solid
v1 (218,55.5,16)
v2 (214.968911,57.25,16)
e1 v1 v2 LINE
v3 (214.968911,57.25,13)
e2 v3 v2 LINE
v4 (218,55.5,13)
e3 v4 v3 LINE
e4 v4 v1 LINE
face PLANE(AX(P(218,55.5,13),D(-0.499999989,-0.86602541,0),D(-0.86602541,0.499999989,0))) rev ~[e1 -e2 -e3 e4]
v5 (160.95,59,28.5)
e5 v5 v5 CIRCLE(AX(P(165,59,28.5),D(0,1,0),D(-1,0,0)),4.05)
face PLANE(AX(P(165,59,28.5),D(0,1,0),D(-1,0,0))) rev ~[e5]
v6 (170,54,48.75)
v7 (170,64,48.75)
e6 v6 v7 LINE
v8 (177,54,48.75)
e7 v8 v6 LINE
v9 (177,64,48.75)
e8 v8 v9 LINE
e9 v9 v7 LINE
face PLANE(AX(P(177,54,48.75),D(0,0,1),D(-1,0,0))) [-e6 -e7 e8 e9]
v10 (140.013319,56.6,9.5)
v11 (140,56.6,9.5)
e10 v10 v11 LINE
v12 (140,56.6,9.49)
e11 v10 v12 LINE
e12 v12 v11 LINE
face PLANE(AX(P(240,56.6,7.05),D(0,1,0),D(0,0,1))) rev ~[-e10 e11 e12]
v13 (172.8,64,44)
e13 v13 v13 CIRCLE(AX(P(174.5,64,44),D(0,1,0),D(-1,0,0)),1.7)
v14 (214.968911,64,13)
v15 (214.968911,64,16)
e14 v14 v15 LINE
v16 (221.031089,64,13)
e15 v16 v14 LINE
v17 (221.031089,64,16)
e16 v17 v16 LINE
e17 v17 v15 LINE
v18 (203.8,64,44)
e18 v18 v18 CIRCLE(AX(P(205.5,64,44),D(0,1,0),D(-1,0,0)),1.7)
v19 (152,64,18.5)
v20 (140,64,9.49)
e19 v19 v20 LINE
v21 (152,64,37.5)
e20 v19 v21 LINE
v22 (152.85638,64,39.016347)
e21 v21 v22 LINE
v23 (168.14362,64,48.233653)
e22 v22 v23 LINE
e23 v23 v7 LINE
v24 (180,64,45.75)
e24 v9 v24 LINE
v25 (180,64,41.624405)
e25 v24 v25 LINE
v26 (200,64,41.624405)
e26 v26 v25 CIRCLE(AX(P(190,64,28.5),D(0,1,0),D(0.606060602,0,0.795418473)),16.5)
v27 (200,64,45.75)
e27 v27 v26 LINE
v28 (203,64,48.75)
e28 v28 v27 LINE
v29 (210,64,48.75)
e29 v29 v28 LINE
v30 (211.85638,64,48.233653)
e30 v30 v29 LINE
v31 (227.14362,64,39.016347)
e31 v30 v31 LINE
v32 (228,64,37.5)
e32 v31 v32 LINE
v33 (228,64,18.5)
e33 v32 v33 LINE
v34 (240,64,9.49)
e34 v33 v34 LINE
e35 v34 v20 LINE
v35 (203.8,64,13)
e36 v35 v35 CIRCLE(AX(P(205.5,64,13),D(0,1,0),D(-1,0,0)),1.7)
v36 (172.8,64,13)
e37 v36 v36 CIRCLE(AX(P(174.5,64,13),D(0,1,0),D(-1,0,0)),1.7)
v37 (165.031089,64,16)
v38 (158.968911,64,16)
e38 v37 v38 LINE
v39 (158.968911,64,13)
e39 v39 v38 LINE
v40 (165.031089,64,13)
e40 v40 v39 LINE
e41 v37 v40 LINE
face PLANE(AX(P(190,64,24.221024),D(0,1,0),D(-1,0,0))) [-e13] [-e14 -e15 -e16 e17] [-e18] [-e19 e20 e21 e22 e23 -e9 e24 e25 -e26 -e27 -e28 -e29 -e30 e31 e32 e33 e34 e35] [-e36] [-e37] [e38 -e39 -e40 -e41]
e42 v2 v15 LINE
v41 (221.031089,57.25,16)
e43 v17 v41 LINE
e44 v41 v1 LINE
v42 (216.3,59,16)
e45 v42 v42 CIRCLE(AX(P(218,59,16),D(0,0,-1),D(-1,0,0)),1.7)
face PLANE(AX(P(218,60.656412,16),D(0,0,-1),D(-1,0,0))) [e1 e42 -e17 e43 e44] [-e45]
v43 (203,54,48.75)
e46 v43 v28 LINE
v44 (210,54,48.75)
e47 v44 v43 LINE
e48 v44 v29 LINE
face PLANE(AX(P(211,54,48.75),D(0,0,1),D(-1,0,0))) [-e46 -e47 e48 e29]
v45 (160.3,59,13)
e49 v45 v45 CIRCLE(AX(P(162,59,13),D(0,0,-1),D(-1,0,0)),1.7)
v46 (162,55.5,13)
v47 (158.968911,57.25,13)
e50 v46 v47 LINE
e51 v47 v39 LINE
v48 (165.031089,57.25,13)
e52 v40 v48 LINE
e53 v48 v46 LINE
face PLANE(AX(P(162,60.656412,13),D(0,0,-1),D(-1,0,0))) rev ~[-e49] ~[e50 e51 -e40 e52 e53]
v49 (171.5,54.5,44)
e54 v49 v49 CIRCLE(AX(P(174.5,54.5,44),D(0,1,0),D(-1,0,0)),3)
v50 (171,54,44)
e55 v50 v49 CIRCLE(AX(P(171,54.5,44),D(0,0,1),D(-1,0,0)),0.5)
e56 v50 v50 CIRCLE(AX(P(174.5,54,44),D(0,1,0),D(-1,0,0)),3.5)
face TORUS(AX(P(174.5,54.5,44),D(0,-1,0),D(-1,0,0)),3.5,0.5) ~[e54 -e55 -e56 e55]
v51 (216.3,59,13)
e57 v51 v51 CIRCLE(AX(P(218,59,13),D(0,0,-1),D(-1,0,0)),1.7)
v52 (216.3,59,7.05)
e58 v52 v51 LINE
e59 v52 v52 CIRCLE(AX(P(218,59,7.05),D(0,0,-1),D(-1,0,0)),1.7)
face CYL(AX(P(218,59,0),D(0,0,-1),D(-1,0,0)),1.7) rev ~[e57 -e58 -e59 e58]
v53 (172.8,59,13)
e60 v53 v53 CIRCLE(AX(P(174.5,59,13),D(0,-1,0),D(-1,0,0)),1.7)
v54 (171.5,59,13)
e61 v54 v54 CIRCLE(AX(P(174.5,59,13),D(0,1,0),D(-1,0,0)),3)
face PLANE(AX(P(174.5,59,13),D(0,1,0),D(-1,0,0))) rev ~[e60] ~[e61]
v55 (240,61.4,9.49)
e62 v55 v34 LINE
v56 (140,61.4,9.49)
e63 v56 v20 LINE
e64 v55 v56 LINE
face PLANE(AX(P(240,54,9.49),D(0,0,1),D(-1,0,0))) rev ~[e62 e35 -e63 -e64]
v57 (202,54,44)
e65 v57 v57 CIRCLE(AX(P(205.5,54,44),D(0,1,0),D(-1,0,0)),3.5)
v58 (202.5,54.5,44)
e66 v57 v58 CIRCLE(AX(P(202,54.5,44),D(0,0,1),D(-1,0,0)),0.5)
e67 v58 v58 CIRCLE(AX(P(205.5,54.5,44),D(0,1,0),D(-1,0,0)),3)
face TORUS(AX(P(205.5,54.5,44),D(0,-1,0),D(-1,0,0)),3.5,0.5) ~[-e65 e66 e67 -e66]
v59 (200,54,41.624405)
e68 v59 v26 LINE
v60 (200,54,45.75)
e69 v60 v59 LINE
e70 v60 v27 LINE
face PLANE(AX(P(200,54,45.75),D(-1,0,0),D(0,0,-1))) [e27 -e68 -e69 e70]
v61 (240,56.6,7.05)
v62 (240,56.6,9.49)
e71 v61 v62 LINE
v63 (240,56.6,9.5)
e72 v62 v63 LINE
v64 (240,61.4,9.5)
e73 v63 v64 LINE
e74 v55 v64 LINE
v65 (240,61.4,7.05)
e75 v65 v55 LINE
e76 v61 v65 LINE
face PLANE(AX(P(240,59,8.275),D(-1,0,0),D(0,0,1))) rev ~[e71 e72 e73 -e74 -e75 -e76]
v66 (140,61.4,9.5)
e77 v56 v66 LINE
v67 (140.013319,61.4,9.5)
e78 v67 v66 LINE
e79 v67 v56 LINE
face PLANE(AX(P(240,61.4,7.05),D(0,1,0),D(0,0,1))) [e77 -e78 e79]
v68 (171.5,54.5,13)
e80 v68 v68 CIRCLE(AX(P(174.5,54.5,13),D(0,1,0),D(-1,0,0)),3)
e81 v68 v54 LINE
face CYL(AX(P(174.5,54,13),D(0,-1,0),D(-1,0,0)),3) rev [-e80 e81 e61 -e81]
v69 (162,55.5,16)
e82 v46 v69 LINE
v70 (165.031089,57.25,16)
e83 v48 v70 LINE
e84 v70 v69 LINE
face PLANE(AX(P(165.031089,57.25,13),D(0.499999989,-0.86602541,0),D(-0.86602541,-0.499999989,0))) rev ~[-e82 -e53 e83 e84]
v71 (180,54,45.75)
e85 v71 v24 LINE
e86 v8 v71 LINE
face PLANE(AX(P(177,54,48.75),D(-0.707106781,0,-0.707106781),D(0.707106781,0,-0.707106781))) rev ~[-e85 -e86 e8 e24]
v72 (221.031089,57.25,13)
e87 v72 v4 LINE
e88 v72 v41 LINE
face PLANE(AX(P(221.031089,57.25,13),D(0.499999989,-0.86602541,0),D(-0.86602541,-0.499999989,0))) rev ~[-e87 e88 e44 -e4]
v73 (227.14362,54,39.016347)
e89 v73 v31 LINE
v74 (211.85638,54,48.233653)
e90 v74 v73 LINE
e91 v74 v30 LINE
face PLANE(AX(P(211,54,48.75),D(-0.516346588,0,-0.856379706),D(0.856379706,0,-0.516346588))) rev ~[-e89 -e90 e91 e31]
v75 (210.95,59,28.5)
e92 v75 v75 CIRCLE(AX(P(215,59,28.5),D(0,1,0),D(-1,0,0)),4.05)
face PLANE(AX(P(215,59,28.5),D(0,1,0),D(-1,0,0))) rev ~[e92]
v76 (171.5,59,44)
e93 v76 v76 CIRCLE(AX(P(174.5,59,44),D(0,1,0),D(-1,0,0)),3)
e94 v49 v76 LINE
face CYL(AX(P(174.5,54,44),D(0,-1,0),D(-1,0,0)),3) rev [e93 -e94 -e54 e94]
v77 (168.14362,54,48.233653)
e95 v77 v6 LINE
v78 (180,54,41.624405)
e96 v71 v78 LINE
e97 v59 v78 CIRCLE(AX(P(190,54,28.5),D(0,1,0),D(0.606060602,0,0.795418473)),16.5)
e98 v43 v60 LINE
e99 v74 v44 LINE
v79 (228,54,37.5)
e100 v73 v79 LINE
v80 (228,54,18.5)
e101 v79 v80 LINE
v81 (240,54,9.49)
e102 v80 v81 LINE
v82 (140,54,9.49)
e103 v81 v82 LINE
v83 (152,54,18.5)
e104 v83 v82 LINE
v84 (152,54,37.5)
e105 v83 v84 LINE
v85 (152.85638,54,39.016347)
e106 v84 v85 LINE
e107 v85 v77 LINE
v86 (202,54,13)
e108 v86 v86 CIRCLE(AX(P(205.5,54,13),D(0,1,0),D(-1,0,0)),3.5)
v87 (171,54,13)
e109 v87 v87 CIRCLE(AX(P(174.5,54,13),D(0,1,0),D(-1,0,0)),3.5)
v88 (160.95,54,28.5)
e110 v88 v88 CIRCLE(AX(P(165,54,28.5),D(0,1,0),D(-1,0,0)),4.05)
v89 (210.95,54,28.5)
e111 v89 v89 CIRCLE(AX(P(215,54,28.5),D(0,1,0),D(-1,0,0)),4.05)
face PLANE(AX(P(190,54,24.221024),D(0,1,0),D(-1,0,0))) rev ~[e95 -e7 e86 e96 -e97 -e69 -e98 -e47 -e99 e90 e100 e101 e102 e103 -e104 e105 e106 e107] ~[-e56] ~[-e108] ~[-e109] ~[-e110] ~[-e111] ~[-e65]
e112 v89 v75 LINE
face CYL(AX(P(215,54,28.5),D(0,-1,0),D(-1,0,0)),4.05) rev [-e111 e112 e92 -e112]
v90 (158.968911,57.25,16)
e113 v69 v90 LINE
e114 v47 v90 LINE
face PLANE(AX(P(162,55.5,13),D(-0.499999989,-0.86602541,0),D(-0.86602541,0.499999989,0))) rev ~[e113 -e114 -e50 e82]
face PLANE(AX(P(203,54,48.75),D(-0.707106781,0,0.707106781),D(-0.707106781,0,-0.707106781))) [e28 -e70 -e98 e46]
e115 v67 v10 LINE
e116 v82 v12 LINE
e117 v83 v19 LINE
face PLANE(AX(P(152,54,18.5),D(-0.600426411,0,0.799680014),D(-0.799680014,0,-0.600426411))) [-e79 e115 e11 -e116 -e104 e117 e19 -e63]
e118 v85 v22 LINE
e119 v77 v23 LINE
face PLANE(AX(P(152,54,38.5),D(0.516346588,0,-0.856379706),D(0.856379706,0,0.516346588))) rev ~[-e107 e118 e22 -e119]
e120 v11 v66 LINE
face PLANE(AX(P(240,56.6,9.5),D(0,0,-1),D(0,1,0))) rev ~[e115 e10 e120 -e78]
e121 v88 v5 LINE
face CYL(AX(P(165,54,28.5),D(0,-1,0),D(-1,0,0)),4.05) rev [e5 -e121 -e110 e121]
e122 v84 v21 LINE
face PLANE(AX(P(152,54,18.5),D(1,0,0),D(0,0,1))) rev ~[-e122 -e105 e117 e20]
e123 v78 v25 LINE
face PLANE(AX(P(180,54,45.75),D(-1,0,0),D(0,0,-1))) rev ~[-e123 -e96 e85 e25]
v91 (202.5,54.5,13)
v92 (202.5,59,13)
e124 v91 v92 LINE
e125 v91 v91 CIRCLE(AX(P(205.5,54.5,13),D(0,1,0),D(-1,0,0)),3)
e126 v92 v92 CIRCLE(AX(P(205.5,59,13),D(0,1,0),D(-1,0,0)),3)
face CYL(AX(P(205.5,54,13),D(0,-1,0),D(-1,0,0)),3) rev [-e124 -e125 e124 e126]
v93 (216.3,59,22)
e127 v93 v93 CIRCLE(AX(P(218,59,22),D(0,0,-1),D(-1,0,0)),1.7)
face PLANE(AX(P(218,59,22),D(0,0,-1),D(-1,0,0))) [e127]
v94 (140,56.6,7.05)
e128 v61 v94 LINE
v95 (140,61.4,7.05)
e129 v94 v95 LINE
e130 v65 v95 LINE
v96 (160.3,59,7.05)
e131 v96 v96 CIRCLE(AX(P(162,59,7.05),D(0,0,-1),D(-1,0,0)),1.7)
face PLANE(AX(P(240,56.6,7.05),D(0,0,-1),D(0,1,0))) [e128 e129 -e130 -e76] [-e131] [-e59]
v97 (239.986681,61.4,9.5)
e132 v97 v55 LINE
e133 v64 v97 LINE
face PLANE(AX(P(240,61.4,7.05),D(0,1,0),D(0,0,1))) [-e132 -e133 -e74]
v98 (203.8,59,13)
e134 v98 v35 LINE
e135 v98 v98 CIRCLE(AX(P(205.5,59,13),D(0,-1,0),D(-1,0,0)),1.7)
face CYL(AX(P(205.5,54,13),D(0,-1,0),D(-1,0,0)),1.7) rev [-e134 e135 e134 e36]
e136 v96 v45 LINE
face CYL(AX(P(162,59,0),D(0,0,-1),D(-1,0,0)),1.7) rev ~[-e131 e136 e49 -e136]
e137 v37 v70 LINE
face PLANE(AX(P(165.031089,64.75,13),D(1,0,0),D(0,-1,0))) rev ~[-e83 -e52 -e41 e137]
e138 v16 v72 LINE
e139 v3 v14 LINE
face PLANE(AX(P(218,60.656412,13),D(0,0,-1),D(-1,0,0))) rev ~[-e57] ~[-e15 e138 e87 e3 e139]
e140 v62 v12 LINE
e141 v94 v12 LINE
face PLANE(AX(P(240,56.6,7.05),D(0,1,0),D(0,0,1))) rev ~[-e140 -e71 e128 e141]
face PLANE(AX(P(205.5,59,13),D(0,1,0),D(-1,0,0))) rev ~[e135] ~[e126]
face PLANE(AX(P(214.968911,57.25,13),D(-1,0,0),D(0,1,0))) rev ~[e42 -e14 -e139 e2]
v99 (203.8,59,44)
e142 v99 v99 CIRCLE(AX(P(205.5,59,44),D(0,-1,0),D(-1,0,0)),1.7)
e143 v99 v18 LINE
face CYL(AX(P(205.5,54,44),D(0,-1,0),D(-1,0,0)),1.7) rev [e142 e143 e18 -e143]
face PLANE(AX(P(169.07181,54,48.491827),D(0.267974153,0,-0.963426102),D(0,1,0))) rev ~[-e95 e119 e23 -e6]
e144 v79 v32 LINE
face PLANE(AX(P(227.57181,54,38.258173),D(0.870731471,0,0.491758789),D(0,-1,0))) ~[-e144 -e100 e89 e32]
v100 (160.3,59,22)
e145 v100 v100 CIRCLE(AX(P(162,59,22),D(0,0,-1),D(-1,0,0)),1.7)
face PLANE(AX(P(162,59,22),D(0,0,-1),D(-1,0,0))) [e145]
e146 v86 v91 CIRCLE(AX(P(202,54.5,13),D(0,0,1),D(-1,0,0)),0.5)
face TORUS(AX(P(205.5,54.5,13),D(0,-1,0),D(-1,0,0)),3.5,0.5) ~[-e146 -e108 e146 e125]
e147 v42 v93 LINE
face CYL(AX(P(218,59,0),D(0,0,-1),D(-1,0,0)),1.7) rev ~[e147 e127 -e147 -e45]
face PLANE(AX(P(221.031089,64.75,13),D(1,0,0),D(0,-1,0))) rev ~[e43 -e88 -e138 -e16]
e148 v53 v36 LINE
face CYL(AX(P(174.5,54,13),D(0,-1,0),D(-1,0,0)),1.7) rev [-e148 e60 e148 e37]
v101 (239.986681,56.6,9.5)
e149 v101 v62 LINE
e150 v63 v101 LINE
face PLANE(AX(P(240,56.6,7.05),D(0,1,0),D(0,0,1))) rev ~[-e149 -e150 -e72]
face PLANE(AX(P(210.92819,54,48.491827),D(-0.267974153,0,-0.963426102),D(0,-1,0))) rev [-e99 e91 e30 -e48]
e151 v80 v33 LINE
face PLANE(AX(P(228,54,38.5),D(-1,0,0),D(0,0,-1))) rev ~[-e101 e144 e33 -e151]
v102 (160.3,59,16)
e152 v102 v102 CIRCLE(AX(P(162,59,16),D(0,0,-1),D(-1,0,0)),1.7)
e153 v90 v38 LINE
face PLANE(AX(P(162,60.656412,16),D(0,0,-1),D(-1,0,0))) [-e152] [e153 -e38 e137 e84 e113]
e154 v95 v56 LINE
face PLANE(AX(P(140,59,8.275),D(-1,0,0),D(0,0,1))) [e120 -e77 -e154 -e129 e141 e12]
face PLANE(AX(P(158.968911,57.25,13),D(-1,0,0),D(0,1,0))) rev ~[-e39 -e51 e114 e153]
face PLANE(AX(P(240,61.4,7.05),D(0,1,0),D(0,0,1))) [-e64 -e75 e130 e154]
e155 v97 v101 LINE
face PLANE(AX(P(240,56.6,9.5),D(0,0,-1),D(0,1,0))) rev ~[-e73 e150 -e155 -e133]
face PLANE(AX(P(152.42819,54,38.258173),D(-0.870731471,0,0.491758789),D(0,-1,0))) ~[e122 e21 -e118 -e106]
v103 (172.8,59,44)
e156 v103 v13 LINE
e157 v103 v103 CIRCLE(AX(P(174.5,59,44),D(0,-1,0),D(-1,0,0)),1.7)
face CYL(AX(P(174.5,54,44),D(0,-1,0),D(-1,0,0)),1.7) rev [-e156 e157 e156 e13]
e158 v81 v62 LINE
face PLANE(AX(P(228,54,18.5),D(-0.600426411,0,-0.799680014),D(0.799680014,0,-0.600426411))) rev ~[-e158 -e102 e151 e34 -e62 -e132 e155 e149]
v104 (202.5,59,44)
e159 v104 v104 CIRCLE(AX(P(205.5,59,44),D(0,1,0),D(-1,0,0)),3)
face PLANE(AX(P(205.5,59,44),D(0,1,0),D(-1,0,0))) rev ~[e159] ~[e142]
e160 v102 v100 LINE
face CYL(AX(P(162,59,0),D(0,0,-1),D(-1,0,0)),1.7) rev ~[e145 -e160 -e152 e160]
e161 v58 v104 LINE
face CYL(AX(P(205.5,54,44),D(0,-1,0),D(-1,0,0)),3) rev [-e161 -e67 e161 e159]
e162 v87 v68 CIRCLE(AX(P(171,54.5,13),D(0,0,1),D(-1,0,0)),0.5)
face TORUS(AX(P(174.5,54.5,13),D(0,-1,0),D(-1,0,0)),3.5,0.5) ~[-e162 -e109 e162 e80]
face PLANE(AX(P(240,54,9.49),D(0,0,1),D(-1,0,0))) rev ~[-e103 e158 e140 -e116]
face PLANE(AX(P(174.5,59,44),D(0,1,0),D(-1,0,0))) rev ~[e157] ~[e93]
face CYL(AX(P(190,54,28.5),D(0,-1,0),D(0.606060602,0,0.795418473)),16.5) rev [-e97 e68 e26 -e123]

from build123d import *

# Parameters (mm, degrees)
SKETCH012_R             = 1.7
PAD001_DEPTH            = 10
SKETCH021_W             = 2.45
SKETCH021_H             = 4.8
PAD002_DEPTH            = 100
SKETCH020_R             = 4.05
SKETCH020_R_2           = 3
POCKET014_DEPTH         = 5
SKETCH013_R             = 1.7
POCKET016_DEPTH         = 22
POCKET015_DEPTH         = 3
FILLET_R                = 0.5
CHAMFER_SIZE            = 1
BODY001_ROLL_ANGLE      = 90
BODY001_PLACEMENT_ANGLE = 180


with BuildPart() as part:
    # Sketch012 → Pad001 (new body)
    with BuildSketch(Plane.XY):
        with BuildLine():
            Line((29, 48.75), (12, 38.5))
            Line((12, 38.5), (12, 18.5))
            Line((12, 18.5), (0, 9.49))
            Line((0, 9.49), (100, 9.49))
            Line((88, 18.5), (100, 9.49))
            Line((88, 18.5), (88, 38.5))
            Line((88, 38.5), (71, 48.75))
            Line((63, 48.75), (71, 48.75))
            Line((63, 48.75), (60, 45.75))
            Line((60, 45.75), (60, 41.624405))
            ThreePointArc((40, 41.624405), (50, 12), (60, 41.624405))
            Line((40, 45.75), (40, 41.624405))
            Line((37, 48.75), (40, 45.75))
            Line((29, 48.75), (37, 48.75))
        make_face()
        with Locations((34.5, 44)):
            Circle(SKETCH012_R, mode=Mode.SUBTRACT)
        with Locations((34.5, 13)):
            Circle(SKETCH012_R, mode=Mode.SUBTRACT)
        with Locations((65.5, 44)):
            Circle(SKETCH012_R, mode=Mode.SUBTRACT)
        with Locations((65.5, 13)):
            Circle(SKETCH012_R, mode=Mode.SUBTRACT)
    extrude(amount=PAD001_DEPTH)

    # Sketch021 → Pad002 (join)
    with BuildSketch(Plane.YZ):
        with Locations((8.275, 5)):
            Rectangle(SKETCH021_W, SKETCH021_H)
    extrude(amount=PAD002_DEPTH)

    # Sketch020 → Pocket014 (cut)
    with BuildSketch(Plane.XY):
        with Locations((25, 28.5)):
            Circle(SKETCH020_R)
        with Locations((75, 28.5)):
            Circle(SKETCH020_R)
        with Locations((34.5, 44)):
            Circle(SKETCH020_R_2)
        with Locations((65.5, 44)):
            Circle(SKETCH020_R_2)
        with Locations((65.5, 13)):
            Circle(SKETCH020_R_2)
        with Locations((34.5, 13)):
            Circle(SKETCH020_R_2)
    extrude(amount=POCKET014_DEPTH, mode=Mode.SUBTRACT)

    # Sketch013 → Pocket016 (cut)
    with BuildSketch(Plane.XZ):
        with Locations((22, 5)):
            Circle(SKETCH013_R)
        with Locations((78, 5)):
            Circle(SKETCH013_R)
    extrude(amount=-POCKET016_DEPTH, mode=Mode.SUBTRACT)

    # Sketch014 → Pocket015 (cut)
    with BuildSketch(Plane.XZ.offset(-13)):
        Polygon((25.031089, 3.25), (25.031089, 6.75), (25.031089, 10.75), (18.968911, 10.75), (18.968911, 6.75), (18.968911, 3.25), (22, 1.5), align=None)
        Polygon((81.031089, 3.25), (81.031089, 6.75), (81.031089, 10.75), (74.968911, 10.75), (74.968911, 6.75), (74.968911, 3.25), (78, 1.5), align=None)
    extrude(amount=-POCKET015_DEPTH, mode=Mode.SUBTRACT)

    # Fillet
    fillet_edges = [part.edges().sort_by_distance(p)[0] for p in [
        (62.5, 13, 0),
        (62.5, 44, 0),
        (31.5, 44, 0),
        (31.5, 13, 0),
    ]]
    fillet(fillet_edges, radius=FILLET_R)

    # Chamfer
    chamfer_edges = [part.edges().sort_by_distance(p)[0] for p in [
        (88, 38.5, 5),
        (71, 48.75, 5),
        (29, 48.75, 5),
        (12, 38.5, 5),
    ]]
    chamfer(chamfer_edges, length=CHAMFER_SIZE)


with BuildPart() as part_1:
    # Body001 roll: moved
    add(part.part.rotate(Axis((0, 0, 0), (1, 0, 0)), BODY001_ROLL_ANGLE))


with BuildPart() as part_2:
    # Body001 placement: moved
    add(part_1.part.moved(Location((240, 54, 0))).rotate(Axis((240, 54, 0), (0, 0, 1)), BODY001_PLACEMENT_ANGLE))


solid = part_2.part
